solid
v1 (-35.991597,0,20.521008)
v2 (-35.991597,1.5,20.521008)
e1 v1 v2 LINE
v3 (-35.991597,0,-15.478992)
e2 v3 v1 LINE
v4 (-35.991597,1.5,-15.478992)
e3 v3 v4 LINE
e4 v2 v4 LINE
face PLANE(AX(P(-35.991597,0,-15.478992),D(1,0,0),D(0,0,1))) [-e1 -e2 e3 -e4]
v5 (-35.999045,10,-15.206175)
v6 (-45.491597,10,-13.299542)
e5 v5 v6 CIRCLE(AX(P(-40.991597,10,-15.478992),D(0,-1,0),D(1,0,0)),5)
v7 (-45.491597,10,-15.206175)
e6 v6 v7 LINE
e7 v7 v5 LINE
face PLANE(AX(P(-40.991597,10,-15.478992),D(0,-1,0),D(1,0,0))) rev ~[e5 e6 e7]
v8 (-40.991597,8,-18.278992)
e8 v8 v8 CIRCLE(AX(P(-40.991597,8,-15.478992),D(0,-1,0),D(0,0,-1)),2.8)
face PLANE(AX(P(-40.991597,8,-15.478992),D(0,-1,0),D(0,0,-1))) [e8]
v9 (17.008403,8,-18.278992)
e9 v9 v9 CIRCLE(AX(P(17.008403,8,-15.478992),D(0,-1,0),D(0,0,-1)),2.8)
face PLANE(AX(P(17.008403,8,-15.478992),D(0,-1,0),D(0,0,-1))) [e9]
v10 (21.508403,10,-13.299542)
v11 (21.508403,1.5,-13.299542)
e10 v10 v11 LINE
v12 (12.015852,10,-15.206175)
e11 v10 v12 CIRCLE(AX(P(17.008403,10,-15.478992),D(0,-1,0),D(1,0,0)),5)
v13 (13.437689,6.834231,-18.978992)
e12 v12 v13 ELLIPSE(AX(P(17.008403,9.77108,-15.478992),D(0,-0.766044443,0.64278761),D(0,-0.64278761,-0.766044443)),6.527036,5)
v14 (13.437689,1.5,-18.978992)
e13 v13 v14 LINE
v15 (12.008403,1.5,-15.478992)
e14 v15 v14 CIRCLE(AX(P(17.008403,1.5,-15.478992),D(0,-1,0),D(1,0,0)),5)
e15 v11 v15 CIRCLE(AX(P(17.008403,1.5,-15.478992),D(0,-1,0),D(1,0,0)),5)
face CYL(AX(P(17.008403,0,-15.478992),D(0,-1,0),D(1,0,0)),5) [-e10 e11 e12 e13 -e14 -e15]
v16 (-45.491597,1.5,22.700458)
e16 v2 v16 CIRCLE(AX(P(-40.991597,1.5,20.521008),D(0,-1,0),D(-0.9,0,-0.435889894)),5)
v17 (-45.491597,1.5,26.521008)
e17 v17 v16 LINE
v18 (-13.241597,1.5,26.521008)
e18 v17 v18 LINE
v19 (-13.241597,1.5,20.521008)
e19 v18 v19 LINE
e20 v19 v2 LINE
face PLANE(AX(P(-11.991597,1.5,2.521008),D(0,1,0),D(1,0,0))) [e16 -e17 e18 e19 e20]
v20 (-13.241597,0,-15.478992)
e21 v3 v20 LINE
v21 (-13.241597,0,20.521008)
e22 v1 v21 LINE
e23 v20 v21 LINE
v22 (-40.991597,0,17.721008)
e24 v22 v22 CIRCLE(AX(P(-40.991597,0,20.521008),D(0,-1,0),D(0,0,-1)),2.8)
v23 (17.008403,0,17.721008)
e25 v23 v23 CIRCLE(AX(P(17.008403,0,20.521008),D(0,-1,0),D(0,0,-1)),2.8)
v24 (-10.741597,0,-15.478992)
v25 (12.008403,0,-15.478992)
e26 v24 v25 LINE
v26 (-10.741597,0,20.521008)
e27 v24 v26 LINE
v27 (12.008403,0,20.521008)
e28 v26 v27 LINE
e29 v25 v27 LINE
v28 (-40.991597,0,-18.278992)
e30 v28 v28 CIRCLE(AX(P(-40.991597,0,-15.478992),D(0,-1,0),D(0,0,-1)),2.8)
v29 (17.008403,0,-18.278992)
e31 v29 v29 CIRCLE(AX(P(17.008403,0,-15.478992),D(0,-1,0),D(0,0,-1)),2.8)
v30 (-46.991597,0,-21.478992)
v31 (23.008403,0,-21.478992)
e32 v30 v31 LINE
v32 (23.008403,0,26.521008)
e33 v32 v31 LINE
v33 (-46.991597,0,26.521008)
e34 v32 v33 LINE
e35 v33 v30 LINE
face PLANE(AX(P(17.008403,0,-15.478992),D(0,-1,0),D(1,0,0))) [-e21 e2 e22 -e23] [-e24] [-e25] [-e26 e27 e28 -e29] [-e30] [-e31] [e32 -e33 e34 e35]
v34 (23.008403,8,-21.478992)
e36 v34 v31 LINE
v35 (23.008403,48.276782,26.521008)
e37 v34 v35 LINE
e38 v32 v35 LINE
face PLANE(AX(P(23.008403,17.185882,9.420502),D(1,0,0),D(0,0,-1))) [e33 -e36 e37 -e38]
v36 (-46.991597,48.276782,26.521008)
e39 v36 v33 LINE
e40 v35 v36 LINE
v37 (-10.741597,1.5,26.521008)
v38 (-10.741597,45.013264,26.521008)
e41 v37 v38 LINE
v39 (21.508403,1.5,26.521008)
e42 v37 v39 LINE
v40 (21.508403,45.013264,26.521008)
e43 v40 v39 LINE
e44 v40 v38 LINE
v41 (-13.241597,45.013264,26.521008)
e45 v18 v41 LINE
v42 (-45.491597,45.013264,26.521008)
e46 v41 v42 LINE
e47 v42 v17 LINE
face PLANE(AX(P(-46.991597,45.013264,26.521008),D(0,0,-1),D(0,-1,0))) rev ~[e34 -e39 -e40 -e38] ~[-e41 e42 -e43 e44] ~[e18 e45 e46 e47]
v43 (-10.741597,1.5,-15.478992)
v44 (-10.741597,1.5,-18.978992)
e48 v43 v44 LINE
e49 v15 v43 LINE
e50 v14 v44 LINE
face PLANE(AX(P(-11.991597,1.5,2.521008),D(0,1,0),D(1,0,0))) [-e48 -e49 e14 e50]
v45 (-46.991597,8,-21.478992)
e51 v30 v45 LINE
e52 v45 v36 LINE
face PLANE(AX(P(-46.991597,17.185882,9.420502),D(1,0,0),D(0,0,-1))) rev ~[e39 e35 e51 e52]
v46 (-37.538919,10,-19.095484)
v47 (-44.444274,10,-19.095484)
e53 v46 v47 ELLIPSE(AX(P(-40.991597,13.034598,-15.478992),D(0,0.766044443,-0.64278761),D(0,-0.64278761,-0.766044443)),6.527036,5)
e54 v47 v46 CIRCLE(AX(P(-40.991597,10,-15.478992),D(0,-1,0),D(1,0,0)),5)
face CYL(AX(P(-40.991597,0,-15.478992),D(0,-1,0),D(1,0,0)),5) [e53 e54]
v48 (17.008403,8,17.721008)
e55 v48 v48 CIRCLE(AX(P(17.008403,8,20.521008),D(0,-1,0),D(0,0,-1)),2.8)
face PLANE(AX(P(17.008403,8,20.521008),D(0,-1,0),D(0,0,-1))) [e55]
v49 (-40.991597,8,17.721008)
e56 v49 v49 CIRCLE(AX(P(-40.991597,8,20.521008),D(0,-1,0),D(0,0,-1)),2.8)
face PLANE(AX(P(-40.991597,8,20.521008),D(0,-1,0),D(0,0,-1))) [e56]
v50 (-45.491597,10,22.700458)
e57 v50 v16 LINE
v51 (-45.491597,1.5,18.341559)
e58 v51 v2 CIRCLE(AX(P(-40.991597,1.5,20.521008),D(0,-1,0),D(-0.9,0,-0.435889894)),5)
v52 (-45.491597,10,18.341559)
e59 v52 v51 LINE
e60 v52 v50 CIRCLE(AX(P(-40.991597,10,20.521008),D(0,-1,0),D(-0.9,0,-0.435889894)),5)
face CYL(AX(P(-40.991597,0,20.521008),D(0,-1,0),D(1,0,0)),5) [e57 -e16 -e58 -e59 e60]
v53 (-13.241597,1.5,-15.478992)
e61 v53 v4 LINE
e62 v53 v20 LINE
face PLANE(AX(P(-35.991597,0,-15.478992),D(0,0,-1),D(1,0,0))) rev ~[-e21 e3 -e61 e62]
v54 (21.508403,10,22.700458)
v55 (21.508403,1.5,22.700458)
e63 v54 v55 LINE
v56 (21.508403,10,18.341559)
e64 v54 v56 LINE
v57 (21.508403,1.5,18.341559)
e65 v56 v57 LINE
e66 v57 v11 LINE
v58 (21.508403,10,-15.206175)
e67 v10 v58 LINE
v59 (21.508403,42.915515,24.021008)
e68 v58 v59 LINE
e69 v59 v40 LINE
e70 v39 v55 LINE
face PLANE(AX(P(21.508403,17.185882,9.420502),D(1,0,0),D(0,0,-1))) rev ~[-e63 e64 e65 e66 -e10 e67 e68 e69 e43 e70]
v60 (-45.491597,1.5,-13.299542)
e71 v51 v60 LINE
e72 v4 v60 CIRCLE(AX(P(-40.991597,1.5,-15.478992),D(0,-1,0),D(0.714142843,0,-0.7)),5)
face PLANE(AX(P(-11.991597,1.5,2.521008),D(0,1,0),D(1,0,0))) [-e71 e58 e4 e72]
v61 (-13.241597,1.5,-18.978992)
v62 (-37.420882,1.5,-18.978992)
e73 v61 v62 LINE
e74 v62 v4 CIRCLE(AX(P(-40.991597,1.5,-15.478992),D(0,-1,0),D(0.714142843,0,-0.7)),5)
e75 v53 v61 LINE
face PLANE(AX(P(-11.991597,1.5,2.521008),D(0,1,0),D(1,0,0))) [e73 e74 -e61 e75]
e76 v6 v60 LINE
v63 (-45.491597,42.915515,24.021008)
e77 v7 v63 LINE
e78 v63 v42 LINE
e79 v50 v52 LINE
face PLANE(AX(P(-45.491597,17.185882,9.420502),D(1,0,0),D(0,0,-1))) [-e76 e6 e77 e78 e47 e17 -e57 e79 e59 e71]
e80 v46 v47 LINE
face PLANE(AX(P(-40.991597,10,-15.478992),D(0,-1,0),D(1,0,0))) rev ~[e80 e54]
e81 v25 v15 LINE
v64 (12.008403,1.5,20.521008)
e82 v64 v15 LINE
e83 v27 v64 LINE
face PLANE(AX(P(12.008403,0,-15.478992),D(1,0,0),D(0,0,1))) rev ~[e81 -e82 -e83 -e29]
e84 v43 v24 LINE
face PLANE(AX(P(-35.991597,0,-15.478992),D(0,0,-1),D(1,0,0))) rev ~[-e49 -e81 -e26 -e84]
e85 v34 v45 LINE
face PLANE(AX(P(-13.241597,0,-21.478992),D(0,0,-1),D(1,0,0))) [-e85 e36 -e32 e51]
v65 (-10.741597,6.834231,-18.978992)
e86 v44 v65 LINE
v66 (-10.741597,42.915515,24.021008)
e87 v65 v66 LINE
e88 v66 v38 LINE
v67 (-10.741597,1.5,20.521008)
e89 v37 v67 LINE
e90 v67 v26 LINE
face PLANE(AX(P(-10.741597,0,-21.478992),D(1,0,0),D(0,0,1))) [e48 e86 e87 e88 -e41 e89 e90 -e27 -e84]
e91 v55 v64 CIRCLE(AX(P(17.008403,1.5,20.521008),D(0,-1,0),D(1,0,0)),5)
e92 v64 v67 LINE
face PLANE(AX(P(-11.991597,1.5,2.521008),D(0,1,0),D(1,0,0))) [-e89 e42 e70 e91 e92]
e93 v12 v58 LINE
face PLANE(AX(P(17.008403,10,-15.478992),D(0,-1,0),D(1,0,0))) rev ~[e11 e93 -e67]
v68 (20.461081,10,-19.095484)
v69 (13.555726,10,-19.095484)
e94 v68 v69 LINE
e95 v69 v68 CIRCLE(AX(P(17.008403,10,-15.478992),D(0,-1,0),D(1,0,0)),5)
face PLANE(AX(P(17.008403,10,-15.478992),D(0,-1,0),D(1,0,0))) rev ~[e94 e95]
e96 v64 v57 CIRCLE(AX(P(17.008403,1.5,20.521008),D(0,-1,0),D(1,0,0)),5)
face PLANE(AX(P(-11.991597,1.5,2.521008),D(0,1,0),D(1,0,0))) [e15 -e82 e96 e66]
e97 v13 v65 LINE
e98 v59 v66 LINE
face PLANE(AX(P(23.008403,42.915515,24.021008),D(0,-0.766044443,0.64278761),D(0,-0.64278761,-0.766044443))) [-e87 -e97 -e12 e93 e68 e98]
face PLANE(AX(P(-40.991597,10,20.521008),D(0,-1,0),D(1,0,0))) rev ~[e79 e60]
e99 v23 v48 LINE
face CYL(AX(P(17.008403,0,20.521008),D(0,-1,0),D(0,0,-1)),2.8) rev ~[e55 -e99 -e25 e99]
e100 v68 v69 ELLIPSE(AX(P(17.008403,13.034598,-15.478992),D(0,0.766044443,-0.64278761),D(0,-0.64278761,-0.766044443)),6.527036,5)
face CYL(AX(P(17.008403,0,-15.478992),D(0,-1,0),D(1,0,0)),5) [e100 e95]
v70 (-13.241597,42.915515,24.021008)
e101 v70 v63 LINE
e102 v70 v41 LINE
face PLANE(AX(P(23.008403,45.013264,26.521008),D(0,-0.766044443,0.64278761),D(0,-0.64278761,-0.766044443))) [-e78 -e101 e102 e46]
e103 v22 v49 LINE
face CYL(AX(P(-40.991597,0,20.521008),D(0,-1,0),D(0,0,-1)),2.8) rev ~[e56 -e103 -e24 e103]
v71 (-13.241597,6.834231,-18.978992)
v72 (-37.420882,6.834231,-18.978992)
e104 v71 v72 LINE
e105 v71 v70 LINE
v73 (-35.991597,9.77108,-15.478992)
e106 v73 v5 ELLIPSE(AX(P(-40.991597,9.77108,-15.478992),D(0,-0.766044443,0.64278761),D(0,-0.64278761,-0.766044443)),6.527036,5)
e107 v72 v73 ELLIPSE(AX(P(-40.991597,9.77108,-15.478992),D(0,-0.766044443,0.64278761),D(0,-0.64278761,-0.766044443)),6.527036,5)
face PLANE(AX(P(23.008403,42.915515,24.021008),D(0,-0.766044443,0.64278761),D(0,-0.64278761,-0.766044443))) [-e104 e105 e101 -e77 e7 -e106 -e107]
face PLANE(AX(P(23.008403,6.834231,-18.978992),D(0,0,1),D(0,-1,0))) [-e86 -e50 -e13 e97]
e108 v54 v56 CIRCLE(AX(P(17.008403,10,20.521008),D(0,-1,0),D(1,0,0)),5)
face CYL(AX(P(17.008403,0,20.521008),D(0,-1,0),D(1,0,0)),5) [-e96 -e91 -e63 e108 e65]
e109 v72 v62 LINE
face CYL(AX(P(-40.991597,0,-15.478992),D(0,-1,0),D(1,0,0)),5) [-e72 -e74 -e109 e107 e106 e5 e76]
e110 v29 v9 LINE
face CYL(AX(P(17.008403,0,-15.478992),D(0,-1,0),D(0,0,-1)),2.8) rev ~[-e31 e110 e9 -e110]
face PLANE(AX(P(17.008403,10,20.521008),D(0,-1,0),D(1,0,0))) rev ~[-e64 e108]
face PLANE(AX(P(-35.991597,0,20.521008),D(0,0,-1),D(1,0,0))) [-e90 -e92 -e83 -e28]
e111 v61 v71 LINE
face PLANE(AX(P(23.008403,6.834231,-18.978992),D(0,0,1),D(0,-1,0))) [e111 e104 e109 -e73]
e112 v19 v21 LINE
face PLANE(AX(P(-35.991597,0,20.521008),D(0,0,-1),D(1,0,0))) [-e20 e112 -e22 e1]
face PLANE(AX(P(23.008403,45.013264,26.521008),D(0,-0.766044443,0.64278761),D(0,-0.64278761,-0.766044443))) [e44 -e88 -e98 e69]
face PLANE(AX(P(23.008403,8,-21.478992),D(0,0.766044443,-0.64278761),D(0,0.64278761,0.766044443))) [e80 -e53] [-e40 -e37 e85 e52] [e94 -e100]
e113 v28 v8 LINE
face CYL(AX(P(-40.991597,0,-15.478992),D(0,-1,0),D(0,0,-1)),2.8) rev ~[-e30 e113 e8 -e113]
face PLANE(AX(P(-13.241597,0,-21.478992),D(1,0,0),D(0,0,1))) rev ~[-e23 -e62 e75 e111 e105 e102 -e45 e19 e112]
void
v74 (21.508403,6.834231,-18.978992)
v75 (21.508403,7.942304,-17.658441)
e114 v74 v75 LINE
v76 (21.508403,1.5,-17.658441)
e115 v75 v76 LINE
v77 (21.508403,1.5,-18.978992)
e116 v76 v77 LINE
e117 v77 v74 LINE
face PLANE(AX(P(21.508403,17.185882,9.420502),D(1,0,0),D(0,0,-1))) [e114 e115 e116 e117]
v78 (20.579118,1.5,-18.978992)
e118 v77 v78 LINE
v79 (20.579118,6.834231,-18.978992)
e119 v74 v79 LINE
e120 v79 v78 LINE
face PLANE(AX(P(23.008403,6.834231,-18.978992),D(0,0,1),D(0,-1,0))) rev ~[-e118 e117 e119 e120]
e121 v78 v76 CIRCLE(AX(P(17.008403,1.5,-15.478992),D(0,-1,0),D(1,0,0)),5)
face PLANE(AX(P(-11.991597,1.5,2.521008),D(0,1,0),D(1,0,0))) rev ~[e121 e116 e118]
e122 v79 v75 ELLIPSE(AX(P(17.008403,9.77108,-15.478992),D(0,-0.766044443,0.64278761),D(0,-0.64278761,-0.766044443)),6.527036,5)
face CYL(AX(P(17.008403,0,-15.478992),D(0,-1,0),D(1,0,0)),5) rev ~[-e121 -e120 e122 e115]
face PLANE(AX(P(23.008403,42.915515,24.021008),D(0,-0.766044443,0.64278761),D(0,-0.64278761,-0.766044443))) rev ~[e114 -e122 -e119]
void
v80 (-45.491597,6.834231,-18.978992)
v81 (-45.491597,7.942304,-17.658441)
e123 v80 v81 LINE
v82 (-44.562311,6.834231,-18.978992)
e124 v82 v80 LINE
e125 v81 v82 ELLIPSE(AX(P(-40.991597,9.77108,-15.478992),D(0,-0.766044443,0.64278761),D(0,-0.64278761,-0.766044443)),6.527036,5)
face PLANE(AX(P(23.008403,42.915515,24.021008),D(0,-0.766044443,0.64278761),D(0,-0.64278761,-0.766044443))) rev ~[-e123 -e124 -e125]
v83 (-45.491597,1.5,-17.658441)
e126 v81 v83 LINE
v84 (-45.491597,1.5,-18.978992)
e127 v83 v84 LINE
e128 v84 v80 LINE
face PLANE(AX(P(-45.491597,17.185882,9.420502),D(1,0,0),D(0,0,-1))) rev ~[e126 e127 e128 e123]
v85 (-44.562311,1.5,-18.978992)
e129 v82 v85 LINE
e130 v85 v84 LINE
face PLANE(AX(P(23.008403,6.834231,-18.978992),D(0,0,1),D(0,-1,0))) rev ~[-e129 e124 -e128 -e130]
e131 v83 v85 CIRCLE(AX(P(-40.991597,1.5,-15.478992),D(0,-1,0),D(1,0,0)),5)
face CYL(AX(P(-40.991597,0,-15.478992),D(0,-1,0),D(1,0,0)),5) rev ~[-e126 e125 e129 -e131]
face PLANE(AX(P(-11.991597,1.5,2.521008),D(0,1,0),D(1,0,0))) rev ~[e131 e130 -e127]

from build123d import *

# Parameters (mm, degrees)
SKETCH1_W            = 70
SKETCH1_H            = 48
BOSS_EXTRUDE1_DEPTH  = 1.5
BOSS_EXTRUDE6_DEPTH  = 70
BOSS_EXTRUDE7_DEPTH  = 1.5
BOSS_EXTRUDE8_DEPTH  = 1.5
SKETCH9_R            = 5
BOSS_EXTRUDE9_DEPTH  = 10
SKETCH10_R           = 2.8
CUT_EXTRUDE1_DEPTH   = 8
SKETCH11_W           = 48
SKETCH11_H           = 36
CUT_EXTRUDE2_DEPTH   = 1.6
BOSS_EXTRUDE10_REACH = 74.403
SKETCH12_W           = 2.5
SKETCH12_H           = 48


with BuildPart() as part:
    # Sketch1 → Boss-Extrude1 (new body)
    with BuildSketch(Plane(origin=(0, 0, 0), x_dir=(1, 0, 0), z_dir=(0, 1, 0))):
        with Locations((-11.991596639, -2.521008403)):
            Rectangle(SKETCH1_W, SKETCH1_H)
    extrude(amount=BOSS_EXTRUDE1_DEPTH)

    # Sketch6 → Boss-Extrude6 (add)
    with BuildSketch(Plane(origin=(23.008403361, 0, 0), x_dir=(0, 0, -1), z_dir=(1, 0, 0))):
        Polygon((18.978991597, 1.5), (21.478991597, 1.5), (21.478991597, 8), (-26.521008403, 48.276782297), (-26.521008403, 45.013264073), (-24.021008403, 42.915514995), (18.978991597, 6.834230855), align=None)
    extrude(amount=-BOSS_EXTRUDE6_DEPTH)

    # Sketch7 → Boss-Extrude7 (add)
    with BuildSketch(Plane(origin=(23.008403361, 0, 0), x_dir=(0, 0, -1), z_dir=(1, 0, 0))):
        Polygon((-26.521008403, 1.5), (18.978991597, 1.5), (18.978991597, 6.834230855), (-26.521008403, 45.013264073), align=None)
    extrude(amount=-BOSS_EXTRUDE7_DEPTH)

    # Sketch8 → Boss-Extrude8 (add)
    with BuildSketch(Plane.ZY.offset(46.991596639)):
        Polygon((-18.978991597, 6.834230855), (26.521008403, 45.013264073), (26.521008403, 1.5), (-18.978991597, 1.5), align=None)
    extrude(amount=-BOSS_EXTRUDE8_DEPTH)

    # Sketch9 → Boss-Extrude9 (add)
    with BuildSketch(Plane.XZ):
        with Locations((17.008403361, -15.478991597)):
            Circle(SKETCH9_R)
        with Locations((-40.991596639, -15.478991597)):
            Circle(SKETCH9_R)
        with Locations((-40.991596639, 20.521008403)):
            Circle(SKETCH9_R)
        with Locations((17.008403361, 20.521008403)):
            Circle(SKETCH9_R)
    extrude(amount=-BOSS_EXTRUDE9_DEPTH)

    # Sketch10 → Cut-Extrude1 (cut)
    with BuildSketch(Plane.XZ):
        with Locations(Location((17.008403361, -15.478991597, 0), (0, 0, 270))):
            Circle(SKETCH10_R)
        with Locations(Location((-40.991596639, -15.478991597, 0), (0, 0, 270))):
            Circle(SKETCH10_R)
        with Locations(Location((-40.991596639, 20.521008403, 0), (0, 0, 270))):
            Circle(SKETCH10_R)
        with Locations(Location((17.008403361, 20.521008403, 0), (0, 0, 270))):
            Circle(SKETCH10_R)
    extrude(amount=-CUT_EXTRUDE1_DEPTH, mode=Mode.SUBTRACT)

    # Sketch11 → Cut-Extrude2 (cut)
    with BuildSketch(Plane.XZ):
        with Locations((-11.991596639, 2.521008403)):
            Rectangle(SKETCH11_W, SKETCH11_H)
    extrude(amount=-CUT_EXTRUDE2_DEPTH, mode=Mode.SUBTRACT)

    # Boss-Extrude10: up to this plane
    boss_extrude10_end = Plane(origin=(-46.991596639, 13.355820328, -11.206863912), z_dir=(0, 0.7660444431189827, -0.6427876096865339))
    # Sketch12 → Boss-Extrude10 (add, up to the surface)
    with BuildSketch(Plane.XZ, mode=Mode.PRIVATE) as boss_extrude10_sk1:
        with Locations((-11.991596639, 2.521008403)):
            Rectangle(SKETCH12_W, SKETCH12_H)
    boss_extrude10_tool1 = split(extrude(boss_extrude10_sk1.sketch, amount=-BOSS_EXTRUDE10_REACH, mode=Mode.PRIVATE), bisect_by=boss_extrude10_end, keep=Keep.BOTH, mode=Mode.PRIVATE)
    add(boss_extrude10_tool1.solids().sort_by_distance((-11.991597, 0, 2.521008))[0])


solid = part.part
